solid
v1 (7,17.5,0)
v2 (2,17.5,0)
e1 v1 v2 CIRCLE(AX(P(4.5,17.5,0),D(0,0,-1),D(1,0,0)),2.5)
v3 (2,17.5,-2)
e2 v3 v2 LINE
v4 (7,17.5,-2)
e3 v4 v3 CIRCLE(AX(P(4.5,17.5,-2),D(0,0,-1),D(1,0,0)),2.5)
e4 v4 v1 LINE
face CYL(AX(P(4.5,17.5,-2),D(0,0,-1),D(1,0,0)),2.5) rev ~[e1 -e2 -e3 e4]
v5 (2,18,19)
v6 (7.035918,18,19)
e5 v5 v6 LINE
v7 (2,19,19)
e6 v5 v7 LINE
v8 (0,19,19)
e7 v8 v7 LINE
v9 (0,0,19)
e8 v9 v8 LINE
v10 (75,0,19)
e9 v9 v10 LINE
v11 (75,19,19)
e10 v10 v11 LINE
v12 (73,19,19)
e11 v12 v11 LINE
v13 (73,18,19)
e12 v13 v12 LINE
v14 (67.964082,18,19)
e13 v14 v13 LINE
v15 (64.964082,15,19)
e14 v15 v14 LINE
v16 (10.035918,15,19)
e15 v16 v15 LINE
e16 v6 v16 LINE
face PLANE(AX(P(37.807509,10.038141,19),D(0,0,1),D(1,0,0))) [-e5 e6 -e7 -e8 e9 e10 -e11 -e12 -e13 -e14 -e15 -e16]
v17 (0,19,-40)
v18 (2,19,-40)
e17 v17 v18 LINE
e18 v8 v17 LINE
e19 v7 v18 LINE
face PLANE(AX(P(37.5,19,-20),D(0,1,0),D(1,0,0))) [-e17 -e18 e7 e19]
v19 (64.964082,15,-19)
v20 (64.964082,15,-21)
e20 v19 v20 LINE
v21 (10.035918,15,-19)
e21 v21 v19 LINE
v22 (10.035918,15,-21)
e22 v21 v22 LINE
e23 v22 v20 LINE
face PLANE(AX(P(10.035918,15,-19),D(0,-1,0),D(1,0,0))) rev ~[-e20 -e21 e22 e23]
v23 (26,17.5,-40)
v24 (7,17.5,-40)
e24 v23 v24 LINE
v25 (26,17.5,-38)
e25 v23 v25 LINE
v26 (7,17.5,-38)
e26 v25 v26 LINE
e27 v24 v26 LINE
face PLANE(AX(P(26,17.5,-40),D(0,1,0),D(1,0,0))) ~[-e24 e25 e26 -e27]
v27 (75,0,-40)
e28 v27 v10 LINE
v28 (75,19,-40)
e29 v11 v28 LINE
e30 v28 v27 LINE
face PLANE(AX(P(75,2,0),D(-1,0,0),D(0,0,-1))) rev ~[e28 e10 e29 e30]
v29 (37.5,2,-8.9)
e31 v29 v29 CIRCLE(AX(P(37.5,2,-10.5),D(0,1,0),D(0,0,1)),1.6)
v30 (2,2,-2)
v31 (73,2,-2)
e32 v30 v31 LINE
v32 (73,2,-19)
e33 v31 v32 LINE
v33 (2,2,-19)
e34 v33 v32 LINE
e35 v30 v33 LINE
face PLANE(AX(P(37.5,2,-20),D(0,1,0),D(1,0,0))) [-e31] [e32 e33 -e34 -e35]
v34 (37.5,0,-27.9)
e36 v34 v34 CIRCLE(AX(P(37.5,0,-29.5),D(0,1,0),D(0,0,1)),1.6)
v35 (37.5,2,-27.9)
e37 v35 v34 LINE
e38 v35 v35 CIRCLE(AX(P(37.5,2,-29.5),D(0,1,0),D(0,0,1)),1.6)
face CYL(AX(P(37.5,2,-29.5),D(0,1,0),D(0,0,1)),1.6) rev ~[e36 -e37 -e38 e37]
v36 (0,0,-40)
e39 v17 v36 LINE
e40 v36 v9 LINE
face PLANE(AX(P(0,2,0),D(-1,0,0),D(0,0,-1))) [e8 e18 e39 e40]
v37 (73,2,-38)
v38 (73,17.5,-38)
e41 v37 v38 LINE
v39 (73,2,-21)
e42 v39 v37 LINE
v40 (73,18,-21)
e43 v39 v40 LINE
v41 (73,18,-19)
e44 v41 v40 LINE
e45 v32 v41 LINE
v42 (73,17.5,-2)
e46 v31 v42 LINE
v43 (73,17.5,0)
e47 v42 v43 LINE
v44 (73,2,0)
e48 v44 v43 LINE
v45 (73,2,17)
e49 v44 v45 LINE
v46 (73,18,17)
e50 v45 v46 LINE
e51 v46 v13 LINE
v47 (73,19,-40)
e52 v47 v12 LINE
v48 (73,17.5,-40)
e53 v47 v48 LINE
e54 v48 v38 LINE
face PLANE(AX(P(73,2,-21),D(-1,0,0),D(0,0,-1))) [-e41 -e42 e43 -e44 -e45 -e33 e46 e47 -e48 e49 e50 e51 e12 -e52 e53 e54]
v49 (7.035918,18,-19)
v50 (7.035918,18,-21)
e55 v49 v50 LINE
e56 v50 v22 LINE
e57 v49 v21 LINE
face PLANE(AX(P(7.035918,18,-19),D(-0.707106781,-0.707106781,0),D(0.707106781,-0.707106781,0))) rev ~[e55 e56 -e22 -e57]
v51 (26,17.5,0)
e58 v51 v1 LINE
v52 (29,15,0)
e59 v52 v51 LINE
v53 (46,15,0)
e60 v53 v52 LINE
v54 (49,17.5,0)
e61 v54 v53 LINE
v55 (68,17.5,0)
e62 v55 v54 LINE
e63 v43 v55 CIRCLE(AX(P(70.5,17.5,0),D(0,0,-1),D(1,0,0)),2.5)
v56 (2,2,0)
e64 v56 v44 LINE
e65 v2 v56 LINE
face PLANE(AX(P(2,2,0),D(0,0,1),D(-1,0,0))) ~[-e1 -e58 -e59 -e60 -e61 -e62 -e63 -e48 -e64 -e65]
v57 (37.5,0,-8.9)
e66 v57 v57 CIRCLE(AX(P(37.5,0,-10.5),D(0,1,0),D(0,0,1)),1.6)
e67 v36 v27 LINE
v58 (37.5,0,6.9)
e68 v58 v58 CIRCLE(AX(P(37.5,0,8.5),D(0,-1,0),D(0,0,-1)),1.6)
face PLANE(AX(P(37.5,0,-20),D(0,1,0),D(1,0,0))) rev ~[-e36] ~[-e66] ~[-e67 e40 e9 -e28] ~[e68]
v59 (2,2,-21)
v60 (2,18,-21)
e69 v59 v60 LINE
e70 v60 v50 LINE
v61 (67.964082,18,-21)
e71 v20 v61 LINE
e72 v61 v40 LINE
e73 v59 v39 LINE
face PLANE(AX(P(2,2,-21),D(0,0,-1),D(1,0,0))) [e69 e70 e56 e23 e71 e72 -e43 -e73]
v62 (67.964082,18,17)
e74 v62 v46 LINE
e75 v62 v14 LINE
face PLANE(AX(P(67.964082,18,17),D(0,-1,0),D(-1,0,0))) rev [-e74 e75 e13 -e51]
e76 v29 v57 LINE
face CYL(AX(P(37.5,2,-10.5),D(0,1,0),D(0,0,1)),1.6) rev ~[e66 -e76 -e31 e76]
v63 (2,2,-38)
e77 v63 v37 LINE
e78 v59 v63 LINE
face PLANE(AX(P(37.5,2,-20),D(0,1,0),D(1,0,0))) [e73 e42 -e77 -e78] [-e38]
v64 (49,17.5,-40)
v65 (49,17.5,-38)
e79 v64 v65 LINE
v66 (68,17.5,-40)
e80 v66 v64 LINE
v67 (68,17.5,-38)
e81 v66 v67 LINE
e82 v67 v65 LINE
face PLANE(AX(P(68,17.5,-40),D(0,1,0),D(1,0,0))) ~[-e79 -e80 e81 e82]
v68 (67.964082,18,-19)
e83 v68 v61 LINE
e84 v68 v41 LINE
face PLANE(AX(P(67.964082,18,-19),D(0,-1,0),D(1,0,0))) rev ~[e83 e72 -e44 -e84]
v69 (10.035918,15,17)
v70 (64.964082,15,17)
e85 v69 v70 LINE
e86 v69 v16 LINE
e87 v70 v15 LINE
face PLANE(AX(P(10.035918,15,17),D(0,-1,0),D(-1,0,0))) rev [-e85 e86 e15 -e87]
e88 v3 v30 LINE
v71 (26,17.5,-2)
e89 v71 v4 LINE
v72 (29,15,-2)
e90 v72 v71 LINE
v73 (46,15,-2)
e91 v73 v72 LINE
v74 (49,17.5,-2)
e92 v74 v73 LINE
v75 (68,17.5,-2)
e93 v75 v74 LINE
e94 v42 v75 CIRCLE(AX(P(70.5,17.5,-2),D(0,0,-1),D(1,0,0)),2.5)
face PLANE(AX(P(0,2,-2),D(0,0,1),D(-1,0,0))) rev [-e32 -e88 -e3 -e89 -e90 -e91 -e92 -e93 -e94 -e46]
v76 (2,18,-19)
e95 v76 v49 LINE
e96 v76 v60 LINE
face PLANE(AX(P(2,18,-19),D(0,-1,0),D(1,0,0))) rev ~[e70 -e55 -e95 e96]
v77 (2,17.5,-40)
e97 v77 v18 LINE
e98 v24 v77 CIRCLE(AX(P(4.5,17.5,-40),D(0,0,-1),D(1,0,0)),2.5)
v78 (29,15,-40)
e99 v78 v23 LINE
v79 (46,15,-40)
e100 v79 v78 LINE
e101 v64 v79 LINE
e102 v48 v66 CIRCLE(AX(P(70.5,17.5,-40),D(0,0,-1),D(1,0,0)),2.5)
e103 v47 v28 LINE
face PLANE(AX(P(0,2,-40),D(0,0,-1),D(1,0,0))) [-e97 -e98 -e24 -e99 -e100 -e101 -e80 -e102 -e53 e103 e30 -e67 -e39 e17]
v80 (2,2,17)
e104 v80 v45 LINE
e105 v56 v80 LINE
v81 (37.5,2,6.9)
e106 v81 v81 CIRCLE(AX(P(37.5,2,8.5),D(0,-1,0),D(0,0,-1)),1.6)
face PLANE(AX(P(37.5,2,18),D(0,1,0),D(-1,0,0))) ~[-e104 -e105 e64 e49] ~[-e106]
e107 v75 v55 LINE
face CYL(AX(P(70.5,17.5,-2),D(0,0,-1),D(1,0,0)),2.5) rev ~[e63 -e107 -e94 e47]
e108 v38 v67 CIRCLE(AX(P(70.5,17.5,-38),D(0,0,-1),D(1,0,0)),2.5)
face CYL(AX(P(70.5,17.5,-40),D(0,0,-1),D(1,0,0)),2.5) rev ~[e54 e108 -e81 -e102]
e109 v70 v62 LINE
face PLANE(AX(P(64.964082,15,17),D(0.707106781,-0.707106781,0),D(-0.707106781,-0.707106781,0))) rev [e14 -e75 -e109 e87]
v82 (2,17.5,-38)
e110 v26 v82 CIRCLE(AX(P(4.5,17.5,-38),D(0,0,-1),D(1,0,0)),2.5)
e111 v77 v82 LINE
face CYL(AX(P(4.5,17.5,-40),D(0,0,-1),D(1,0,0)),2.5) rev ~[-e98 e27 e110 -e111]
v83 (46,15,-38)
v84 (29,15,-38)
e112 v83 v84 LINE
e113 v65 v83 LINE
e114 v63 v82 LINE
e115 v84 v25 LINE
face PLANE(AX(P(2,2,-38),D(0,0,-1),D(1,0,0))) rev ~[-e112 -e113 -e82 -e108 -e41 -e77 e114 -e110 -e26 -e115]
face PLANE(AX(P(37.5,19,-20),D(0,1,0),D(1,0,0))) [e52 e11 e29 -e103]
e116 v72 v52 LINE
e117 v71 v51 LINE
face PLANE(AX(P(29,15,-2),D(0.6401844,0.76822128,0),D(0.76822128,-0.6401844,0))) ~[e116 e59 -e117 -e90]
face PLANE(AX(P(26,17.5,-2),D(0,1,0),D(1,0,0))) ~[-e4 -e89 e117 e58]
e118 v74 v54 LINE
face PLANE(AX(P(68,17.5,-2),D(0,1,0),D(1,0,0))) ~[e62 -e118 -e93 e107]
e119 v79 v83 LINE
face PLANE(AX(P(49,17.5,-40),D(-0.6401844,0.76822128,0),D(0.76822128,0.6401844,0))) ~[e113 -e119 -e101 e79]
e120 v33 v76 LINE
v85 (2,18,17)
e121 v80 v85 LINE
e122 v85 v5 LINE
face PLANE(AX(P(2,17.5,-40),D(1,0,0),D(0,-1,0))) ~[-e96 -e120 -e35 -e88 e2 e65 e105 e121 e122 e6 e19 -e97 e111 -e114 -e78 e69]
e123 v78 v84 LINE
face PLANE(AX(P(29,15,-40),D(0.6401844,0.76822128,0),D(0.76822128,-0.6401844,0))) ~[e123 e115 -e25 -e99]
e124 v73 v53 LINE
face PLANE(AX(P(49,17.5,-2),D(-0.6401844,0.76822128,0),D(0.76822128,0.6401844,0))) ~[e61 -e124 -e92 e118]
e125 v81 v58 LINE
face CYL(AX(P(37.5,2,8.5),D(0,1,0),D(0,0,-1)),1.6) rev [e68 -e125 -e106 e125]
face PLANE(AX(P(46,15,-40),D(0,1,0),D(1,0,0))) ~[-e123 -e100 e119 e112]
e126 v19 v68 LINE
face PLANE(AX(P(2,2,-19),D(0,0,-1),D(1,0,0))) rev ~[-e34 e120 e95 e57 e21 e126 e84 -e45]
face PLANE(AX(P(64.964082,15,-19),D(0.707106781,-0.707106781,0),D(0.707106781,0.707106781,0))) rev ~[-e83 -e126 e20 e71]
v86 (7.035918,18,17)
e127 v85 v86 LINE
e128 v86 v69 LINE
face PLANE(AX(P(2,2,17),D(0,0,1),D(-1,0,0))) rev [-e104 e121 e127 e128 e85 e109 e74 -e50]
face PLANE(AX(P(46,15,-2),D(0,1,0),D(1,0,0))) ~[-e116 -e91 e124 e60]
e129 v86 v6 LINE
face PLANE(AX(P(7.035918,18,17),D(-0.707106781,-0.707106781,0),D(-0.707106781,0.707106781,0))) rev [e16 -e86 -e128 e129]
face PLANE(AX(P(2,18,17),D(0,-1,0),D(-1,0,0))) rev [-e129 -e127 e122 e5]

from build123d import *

# Parameters (mm, degrees)
SKETCH1_W            = 75
SKETCH1_H            = 40
BOSS_EXTRUDE1_DEPTH  = 2
SKETCH2_W            = 75
SKETCH2_H            = 40
SKETCH2_W_2          = 71
SKETCH2_H_2          = 17
BOSS_EXTRUDE2_DEPTH  = 17
CUT_EXTRUDE2_DEPTH   = 17
CUT_EXTRUDE3_REACH   = 82.169
CUT_EXTRUDE4_REACH   = 88.683
SKETCH5_R            = 1.6
MIRROR2_COPY_1_DEPTH = 17
SKETCH7_W            = 80.259890461
SKETCH7_H            = 23.370696072
CUT_EXTRUDE5_DEPTH   = 19


with BuildPart() as part:
    # Sketch1 → Boss-Extrude1 (new body)
    with BuildSketch(Plane(origin=(0, 0, 0), x_dir=(1, 0, 0), z_dir=(0, 1, 0))):
        with Locations((37.5, 20)):
            Rectangle(SKETCH1_W, SKETCH1_H)
    boss_extrude1 = extrude(amount=BOSS_EXTRUDE1_DEPTH)

    # Sketch2 → Boss-Extrude2 (add)
    with BuildSketch(Plane(origin=(0, 2, 0), x_dir=(1, 0, 0), z_dir=(0, 1, 0))):
        with Locations((37.5, 20)):
            Rectangle(SKETCH2_W, SKETCH2_H)
        with Locations((37.5, 29.5)):
            Rectangle(SKETCH2_W_2, SKETCH2_H_2, mode=Mode.SUBTRACT)
        with Locations((37.5, 10.5)):
            Rectangle(SKETCH2_W_2, SKETCH2_H_2, mode=Mode.SUBTRACT)
    boss_extrude2 = extrude(amount=BOSS_EXTRUDE2_DEPTH)

    # Sketch3 → Cut-Extrude2 (cut)
    with BuildSketch(Plane.XY):
        with BuildLine():
            Line((2, 17.5), (2, 19))
            Line((2, 19), (73, 19))
            Line((73, 19), (73, 17.5))
            ThreePointArc((73, 17.5), (70.5, 15), (68, 17.5))
            Line((68, 17.5), (49, 17.5))
            Line((49, 17.5), (46, 15))
            Line((46, 15), (29, 15))
            Line((29, 15), (26, 17.5))
            Line((26, 17.5), (7, 17.5))
            ThreePointArc((7, 17.5), (4.5, 15), (2, 17.5))
        make_face()
    cut_extrude2 = extrude(amount=-CUT_EXTRUDE2_DEPTH, mode=Mode.SUBTRACT)

    # Mirror1: Cut-Extrude2 across plane
    add(cut_extrude2.mirror(Plane.XY.offset(-20)), mode=Mode.SUBTRACT)

    # Sketch4 → Cut-Extrude3 (cut, up to next)
    with BuildSketch(Plane.XY.offset(-19), mode=Mode.PRIVATE) as cut_extrude3_sk1:
        Polygon((2, 18), (7.035918341, 18), (10.035918341, 15), (64.964081659, 15), (67.964081659, 18), (73, 18), (73, 19), (2, 19), align=None)
    cut_extrude3_tool1 = extrude(cut_extrude3_sk1.sketch, amount=-CUT_EXTRUDE3_REACH, mode=Mode.PRIVATE) & part.part
    cut_extrude3 = cut_extrude3_tool1.solids().sort_by_distance((37.5, 17.098486, -19))[0]
    add(cut_extrude3, mode=Mode.SUBTRACT)

    # Sketch5 → Cut-Extrude4 (cut, up to next)
    with BuildSketch(Plane(origin=(0, 2, 0), x_dir=(1, 0, 0), z_dir=(0, 1, 0)), mode=Mode.PRIVATE) as cut_extrude4_sk1:
        with Locations(Location((37.5, 29.5, 0), (0, 0, 270))):
            Circle(SKETCH5_R)
    cut_extrude4_tool1 = extrude(cut_extrude4_sk1.sketch, amount=-CUT_EXTRUDE4_REACH, mode=Mode.PRIVATE) & part.part
    # Sketch5 → Cut-Extrude4 (cut, up to next)
    with BuildSketch(Plane(origin=(0, 2, 0), x_dir=(1, 0, 0), z_dir=(0, 1, 0)), mode=Mode.PRIVATE) as cut_extrude4_sk2:
        with Locations(Location((37.5, 10.5, 0), (0, 0, 270))):
            Circle(SKETCH5_R)
    cut_extrude4_tool2 = extrude(cut_extrude4_sk2.sketch, amount=-CUT_EXTRUDE4_REACH, mode=Mode.PRIVATE) & part.part
    cut_extrude4_1 = cut_extrude4_tool1.solids().sort_by_distance((37.5, 2, -29.5))[0]
    add(cut_extrude4_1, mode=Mode.SUBTRACT)
    cut_extrude4_2 = cut_extrude4_tool2.solids().sort_by_distance((37.5, 2, -10.5))[0]
    add(cut_extrude4_2, mode=Mode.SUBTRACT)
    cut_extrude4 = cut_extrude4_1 + cut_extrude4_2  # Cut-Extrude4 as one shape, for the pattern or mirror that repeats it

    # Mirror2: Boss-Extrude1, Boss-Extrude2, Cut-Extrude2, Cut-Extrude3, Cut-Extrude4 across plane
    add(boss_extrude1.mirror(Plane.XY.offset(-1)))
    add(boss_extrude2.mirror(Plane.XY.offset(-1)))
    add(cut_extrude2.mirror(Plane.XY.offset(-1)), mode=Mode.SUBTRACT)
    add(cut_extrude3.mirror(Plane.XY.offset(-1)), mode=Mode.SUBTRACT)
    add(cut_extrude4.mirror(Plane.XY.offset(-1)), mode=Mode.SUBTRACT)

    # Mirror2 copy 1 sketch → Mirror2 copy 1 (cut)
    with BuildSketch(Plane.XY.offset(38)):
        with BuildLine():
            Line((2, 17.5), (2, 19))
            Line((2, 19), (73, 19))
            Line((73, 19), (73, 17.5))
            ThreePointArc((73, 17.5), (70.5, 15), (68, 17.5))
            Line((68, 17.5), (49, 17.5))
            Line((49, 17.5), (46, 15))
            Line((46, 15), (29, 15))
            Line((29, 15), (26, 17.5))
            Line((26, 17.5), (7, 17.5))
            ThreePointArc((7, 17.5), (4.5, 15), (2, 17.5))
        make_face()
    extrude(amount=-MIRROR2_COPY_1_DEPTH, mode=Mode.SUBTRACT)

    # Sketch7 → Cut-Extrude5 (cut)
    with BuildSketch(Plane.XY.offset(38)):
        with Locations((37.807509159, 10.038141028)):
            Rectangle(SKETCH7_W, SKETCH7_H)
    extrude(amount=-CUT_EXTRUDE5_DEPTH, mode=Mode.SUBTRACT)


solid = part.part
